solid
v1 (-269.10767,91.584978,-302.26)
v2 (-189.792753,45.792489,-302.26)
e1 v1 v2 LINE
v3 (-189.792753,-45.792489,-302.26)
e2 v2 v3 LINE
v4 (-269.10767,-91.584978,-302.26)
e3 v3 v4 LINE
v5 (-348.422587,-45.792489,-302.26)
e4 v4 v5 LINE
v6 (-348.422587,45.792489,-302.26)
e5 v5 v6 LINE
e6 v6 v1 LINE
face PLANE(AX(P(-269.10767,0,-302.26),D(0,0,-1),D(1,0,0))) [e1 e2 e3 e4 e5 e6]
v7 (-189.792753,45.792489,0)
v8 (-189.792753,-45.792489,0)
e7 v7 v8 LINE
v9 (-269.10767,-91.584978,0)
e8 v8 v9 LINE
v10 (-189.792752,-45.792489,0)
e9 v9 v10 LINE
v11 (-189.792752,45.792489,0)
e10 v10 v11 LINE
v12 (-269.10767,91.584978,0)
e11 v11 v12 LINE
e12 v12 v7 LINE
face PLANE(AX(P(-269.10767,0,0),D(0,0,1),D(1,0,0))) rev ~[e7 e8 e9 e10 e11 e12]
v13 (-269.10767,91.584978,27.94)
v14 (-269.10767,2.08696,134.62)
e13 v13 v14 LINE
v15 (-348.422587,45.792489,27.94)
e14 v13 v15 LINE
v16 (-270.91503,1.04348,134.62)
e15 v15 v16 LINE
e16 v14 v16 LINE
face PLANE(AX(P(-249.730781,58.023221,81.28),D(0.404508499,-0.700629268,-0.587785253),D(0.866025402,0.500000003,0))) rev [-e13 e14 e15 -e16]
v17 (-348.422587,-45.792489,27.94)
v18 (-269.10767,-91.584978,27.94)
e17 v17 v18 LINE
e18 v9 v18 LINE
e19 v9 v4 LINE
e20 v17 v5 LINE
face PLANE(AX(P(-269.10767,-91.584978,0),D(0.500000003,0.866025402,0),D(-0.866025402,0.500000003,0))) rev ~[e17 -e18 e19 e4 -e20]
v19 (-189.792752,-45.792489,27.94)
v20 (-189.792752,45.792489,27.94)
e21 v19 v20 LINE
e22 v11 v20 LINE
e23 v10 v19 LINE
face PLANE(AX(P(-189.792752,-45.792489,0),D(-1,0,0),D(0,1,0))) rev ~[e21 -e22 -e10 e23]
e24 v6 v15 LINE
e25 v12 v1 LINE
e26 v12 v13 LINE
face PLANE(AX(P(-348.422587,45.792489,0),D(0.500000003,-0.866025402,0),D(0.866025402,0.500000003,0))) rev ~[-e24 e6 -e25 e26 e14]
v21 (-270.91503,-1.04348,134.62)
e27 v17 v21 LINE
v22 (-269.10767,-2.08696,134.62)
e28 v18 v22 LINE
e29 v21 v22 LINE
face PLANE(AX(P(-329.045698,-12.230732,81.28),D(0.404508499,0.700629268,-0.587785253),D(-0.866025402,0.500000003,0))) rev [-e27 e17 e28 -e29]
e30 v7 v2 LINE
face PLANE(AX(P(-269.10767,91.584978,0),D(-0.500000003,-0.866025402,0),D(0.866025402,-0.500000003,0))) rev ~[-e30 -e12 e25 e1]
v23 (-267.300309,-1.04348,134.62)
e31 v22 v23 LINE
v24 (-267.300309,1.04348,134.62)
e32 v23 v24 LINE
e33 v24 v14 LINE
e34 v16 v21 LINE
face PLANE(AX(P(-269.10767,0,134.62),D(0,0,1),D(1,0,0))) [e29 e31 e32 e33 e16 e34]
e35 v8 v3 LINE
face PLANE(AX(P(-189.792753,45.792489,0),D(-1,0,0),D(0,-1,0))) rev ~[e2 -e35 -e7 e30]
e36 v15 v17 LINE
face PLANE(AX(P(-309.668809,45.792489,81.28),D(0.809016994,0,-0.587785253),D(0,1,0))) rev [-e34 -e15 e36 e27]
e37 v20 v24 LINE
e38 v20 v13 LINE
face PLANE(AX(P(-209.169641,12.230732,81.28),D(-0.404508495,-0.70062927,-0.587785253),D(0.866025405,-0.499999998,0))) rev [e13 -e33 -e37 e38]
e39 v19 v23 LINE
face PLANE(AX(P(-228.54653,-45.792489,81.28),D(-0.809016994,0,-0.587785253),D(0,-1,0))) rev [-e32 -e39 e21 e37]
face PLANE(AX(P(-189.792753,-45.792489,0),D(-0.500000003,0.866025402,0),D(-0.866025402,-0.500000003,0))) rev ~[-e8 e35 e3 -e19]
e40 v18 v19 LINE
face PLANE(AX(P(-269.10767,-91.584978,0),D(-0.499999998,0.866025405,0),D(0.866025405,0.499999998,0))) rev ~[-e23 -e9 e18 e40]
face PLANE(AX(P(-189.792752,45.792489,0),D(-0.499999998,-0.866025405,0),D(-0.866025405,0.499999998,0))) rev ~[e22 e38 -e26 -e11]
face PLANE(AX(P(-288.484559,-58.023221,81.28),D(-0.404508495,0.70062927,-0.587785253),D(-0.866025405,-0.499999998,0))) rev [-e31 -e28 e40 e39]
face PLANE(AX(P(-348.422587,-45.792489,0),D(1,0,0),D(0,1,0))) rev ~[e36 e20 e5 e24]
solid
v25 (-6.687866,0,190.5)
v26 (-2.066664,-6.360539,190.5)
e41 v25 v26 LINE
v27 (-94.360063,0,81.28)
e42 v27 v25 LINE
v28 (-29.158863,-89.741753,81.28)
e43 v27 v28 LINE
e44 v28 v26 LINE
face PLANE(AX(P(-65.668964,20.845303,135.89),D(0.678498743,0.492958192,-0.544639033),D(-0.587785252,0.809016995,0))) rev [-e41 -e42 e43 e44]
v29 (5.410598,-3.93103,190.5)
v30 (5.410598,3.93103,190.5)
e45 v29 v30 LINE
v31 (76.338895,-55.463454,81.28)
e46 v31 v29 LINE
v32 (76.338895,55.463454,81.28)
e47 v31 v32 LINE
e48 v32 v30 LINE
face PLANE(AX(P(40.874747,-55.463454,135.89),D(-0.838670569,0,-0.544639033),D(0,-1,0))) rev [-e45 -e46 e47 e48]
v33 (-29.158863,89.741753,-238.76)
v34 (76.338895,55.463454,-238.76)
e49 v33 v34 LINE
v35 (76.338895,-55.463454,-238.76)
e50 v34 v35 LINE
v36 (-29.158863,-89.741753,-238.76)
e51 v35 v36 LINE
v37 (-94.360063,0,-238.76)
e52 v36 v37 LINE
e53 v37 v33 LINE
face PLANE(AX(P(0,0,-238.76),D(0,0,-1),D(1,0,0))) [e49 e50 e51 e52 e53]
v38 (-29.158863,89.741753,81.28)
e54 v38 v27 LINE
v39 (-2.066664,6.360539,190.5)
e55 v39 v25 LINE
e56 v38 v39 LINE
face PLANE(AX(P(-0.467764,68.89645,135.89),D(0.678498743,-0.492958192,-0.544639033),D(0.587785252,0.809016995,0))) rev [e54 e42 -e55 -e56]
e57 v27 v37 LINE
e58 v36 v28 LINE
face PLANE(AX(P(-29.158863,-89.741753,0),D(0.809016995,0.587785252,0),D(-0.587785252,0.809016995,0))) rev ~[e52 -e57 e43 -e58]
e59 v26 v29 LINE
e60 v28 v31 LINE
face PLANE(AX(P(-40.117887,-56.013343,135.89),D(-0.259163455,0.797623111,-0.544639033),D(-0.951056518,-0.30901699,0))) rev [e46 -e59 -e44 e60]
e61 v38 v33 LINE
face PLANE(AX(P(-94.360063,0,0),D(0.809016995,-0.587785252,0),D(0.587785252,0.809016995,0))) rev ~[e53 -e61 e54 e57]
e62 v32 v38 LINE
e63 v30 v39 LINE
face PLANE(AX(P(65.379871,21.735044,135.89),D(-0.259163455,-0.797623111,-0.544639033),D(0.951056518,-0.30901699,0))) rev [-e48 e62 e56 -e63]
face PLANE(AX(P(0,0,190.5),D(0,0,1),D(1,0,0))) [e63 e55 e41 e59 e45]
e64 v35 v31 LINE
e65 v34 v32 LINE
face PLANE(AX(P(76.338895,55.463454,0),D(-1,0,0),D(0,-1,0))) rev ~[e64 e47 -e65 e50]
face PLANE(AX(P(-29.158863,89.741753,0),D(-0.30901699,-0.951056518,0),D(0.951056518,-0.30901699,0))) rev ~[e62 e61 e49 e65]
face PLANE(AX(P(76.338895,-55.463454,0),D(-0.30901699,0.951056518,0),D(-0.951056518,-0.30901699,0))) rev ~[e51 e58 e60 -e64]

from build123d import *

# Parameters (mm, degrees)
F1_DEPTH = 190.5
F2_SIZE2 = 70.928297
F2_SIZE  = 109.22
F3_DEPTH = 238.76
F5_DEPTH = 134.62
F6_SIZE2 = 77.507557
F6_SIZE  = 106.68
F7_DEPTH = 302.26


with BuildPart() as f1:
    # F0 (on Top) → F1 (new body)
    with BuildSketch(Plane.XY):
        Polygon((76.338895, -55.463454), (76.338895, 55.463454), (-29.158863, 89.741753), (-94.360063, 0), (-29.158863, -89.741753), align=None)
    extrude(amount=F1_DEPTH)

    # F2
    f2_edges = [f1.edges().sort_by_distance(p)[0] for p in [
        (-61.759463, -44.870876, 190.5),
        (23.590016, -72.602603, 190.5),
        (76.338895, 0, 190.5),
        (23.590016, 72.602603, 190.5),
        (-61.759463, 44.870876, 190.5),
    ]]
    chamfer(f2_edges, length=F2_SIZE, length2=F2_SIZE2)

    # F1_face (on face) → F3 (join)
    with BuildSketch(Plane(origin=(0, 0, 0), x_dir=(1, 0, 0), z_dir=(0, 0, -1))):
        Polygon((-29.158863, 89.741753), (-94.360063, 0), (-29.158863, -89.741753), (76.338895, -55.463454), (76.338895, 55.463454), align=None)
    extrude(amount=F3_DEPTH)


with BuildPart() as f5:
    # F4 (on Top) → F5 (new body)
    with BuildSketch(Plane.XY):
        Polygon((-189.792752, -45.792489), (-189.792752, 45.792489), (-269.10767, 91.584978), (-348.422587, 45.792489), (-348.422587, -45.792489), (-269.10767, -91.584978), align=None)
    extrude(amount=F5_DEPTH)

    # F6
    f6_edges = [f5.edges().sort_by_distance(p)[0] for p in [
        (-308.765128, -68.688733, 134.62),
        (-229.450211, -68.688733, 134.62),
        (-189.792752, 0, 134.62),
        (-229.450211, 68.688733, 134.62),
        (-308.765128, 68.688733, 134.62),
        (-348.422587, 0, 134.62),
    ]]
    chamfer(f6_edges, length=F6_SIZE, length2=F6_SIZE2)

    # F5_face (on face) → F7 (join)
    with BuildSketch(Plane(origin=(-269.10767, 0, 0), x_dir=(1, 0, 0), z_dir=(0, 0, -1))):
        Polygon((79.314917, -45.792489), (79.314917, 45.792489), (0, 91.584978), (-79.314917, 45.792489), (-79.314917, -45.792489), (0, -91.584978), align=None)
    extrude(amount=F7_DEPTH)


solid = Compound([f1.part, f5.part])
